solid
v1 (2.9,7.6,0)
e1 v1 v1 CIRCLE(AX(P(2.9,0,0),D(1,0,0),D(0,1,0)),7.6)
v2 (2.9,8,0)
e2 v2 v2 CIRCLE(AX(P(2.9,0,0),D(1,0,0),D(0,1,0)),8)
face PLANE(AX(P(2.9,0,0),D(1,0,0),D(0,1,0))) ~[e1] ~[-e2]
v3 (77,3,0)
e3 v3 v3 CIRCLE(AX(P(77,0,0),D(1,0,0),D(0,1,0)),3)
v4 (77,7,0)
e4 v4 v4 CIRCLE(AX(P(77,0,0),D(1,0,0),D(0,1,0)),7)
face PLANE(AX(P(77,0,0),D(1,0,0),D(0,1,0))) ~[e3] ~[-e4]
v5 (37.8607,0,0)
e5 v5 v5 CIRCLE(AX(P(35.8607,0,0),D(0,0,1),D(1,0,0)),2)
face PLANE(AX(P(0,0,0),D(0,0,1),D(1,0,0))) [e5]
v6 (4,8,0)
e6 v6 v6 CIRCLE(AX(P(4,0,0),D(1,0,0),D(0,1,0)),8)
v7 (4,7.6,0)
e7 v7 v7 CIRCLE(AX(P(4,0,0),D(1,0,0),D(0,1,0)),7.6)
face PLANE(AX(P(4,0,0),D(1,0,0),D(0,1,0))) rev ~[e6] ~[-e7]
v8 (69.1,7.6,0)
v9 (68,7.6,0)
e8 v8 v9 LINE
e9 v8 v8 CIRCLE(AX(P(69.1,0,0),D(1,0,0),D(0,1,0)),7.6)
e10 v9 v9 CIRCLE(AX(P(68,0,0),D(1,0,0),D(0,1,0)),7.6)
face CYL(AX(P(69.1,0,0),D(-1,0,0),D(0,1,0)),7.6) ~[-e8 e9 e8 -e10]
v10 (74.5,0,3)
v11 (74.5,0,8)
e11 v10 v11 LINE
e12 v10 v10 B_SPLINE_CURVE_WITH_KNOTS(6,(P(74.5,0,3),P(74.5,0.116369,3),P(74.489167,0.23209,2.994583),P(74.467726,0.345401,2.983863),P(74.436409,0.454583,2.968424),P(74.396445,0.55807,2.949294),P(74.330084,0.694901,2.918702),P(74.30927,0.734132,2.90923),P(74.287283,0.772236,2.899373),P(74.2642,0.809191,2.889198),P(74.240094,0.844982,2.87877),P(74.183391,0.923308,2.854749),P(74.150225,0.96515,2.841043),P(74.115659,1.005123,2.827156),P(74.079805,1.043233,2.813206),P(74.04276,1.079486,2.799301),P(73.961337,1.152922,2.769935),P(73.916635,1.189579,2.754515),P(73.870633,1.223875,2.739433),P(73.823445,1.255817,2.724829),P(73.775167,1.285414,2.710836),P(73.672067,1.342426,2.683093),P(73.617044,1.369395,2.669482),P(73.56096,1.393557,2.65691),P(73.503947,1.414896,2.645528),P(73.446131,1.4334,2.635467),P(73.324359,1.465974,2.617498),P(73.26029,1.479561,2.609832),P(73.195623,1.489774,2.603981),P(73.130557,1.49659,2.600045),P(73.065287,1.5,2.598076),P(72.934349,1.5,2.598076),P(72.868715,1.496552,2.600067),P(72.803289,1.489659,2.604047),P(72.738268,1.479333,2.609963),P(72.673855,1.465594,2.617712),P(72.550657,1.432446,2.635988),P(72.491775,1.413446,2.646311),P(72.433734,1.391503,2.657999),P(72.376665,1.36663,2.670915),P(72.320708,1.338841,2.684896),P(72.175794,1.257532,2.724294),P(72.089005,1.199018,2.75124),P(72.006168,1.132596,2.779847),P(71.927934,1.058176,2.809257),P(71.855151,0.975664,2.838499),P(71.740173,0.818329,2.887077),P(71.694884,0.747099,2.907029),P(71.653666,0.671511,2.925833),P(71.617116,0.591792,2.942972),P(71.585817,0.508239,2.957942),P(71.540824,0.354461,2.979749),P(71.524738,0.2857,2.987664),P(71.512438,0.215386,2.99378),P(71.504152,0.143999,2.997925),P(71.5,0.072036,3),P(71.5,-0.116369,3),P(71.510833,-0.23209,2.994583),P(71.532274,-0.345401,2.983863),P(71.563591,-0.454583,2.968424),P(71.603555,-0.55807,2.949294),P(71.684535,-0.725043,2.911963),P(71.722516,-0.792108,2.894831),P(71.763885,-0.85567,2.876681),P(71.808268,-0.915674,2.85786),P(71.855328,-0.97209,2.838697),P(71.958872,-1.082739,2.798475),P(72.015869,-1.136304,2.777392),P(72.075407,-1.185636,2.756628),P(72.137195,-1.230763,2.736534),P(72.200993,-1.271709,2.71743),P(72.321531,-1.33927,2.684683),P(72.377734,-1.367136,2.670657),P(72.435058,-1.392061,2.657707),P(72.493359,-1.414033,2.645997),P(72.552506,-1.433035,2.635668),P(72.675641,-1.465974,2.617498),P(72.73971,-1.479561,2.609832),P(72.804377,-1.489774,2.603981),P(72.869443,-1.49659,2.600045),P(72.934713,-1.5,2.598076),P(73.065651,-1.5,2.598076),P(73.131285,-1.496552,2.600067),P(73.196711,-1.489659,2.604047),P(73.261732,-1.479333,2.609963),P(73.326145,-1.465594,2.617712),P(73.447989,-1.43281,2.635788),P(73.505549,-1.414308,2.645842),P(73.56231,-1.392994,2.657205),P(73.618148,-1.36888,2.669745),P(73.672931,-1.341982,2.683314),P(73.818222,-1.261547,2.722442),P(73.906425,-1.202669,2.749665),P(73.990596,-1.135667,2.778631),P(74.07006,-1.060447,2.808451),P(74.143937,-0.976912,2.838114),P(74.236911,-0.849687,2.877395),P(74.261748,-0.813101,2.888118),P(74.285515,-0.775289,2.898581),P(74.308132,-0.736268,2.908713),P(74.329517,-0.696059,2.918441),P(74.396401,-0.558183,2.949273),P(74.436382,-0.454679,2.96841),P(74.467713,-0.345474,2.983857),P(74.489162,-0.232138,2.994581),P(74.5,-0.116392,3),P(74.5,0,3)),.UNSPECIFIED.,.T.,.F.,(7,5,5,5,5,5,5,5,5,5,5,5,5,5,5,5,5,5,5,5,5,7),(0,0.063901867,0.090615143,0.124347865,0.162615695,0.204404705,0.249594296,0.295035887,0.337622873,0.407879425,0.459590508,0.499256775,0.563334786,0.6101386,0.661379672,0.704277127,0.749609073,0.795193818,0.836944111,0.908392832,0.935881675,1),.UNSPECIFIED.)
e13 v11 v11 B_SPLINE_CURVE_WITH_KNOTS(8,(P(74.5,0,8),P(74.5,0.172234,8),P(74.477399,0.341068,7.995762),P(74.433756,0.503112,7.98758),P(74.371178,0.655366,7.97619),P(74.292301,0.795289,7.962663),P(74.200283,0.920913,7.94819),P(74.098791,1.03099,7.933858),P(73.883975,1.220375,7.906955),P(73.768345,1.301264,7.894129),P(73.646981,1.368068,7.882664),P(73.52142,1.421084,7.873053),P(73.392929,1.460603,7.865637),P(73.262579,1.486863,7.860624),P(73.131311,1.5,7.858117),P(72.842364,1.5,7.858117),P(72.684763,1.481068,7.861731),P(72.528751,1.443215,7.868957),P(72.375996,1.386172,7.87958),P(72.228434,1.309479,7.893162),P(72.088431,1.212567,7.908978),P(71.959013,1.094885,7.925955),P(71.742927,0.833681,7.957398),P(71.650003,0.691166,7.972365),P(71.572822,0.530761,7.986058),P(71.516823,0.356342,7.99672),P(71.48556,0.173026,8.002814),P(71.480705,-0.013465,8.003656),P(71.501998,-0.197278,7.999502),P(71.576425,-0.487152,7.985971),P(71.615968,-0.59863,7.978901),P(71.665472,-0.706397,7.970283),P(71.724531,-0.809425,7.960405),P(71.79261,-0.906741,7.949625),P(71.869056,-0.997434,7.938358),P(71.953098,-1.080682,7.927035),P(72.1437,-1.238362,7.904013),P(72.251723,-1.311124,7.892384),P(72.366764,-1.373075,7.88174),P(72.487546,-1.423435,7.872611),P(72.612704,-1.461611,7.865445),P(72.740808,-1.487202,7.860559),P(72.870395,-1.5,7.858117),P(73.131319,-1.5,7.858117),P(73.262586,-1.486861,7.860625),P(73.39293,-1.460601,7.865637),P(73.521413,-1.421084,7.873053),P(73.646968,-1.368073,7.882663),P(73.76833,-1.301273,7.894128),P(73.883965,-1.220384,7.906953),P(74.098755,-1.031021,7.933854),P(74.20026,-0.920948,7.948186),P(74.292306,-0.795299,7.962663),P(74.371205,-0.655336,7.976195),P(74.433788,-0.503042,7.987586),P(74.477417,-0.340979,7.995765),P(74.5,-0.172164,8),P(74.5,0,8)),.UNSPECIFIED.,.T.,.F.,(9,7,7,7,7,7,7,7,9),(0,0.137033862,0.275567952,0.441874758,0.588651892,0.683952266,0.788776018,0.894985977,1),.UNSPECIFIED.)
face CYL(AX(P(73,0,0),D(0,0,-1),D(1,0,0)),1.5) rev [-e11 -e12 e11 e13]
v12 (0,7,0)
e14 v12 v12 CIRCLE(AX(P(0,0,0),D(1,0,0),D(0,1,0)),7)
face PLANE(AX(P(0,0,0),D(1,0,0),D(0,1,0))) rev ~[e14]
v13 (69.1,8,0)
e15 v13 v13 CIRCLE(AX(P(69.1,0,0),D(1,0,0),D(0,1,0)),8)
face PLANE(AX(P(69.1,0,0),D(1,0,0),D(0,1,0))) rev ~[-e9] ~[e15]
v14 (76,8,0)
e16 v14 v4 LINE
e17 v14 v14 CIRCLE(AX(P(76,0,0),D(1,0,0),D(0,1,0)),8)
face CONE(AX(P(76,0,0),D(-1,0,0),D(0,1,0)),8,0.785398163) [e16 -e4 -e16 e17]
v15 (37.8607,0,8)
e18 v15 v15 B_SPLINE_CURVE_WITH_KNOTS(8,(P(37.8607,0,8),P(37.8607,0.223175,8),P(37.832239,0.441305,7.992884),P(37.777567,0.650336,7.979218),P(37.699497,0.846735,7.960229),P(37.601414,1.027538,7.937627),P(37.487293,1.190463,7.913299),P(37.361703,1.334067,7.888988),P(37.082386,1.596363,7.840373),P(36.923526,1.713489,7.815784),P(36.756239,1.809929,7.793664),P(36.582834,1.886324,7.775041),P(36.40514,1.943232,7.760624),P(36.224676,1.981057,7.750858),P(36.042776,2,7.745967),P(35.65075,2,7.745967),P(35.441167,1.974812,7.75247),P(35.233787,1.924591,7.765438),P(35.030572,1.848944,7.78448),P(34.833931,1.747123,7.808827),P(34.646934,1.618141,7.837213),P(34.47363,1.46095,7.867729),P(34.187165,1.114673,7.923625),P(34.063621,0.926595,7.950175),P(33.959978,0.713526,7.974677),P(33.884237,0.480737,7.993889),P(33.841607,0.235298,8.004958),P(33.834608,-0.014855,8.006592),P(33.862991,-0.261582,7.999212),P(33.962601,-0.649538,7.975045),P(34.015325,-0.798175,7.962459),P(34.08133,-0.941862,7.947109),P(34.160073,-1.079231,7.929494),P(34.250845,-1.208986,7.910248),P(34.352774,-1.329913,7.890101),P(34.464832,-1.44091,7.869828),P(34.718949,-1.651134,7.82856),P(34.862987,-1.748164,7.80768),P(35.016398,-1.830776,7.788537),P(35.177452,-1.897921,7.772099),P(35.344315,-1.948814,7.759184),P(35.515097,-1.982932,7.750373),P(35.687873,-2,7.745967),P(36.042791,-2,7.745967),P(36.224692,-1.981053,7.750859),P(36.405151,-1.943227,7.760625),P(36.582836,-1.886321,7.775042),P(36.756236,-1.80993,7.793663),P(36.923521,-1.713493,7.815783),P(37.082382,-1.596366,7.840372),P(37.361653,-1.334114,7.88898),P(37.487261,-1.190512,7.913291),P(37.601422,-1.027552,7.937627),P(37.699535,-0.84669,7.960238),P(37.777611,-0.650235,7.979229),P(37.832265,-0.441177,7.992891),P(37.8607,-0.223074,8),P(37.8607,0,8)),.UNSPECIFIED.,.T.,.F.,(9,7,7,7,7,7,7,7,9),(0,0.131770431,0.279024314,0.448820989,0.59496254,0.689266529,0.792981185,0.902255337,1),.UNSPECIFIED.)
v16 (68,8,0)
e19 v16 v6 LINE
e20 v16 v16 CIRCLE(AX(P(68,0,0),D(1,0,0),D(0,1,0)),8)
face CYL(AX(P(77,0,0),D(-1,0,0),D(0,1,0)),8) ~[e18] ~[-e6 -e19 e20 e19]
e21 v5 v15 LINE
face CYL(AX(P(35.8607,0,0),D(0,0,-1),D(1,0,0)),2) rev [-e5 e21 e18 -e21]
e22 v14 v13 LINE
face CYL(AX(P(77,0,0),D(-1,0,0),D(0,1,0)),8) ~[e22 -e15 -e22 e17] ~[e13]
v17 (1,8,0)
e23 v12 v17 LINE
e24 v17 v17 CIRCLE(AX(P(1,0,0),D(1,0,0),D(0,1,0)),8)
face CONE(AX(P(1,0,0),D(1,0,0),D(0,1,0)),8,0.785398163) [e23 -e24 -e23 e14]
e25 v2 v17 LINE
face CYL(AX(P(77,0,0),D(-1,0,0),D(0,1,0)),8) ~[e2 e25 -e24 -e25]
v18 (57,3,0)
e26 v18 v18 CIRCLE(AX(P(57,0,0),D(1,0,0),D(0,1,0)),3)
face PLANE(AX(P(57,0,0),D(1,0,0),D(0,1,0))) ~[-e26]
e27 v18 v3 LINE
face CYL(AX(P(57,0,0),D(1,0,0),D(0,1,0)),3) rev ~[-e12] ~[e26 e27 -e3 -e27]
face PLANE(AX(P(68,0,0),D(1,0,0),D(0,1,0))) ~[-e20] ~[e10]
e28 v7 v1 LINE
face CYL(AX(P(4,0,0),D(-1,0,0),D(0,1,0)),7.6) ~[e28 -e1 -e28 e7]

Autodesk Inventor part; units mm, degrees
ref_plane "YZ Plane" through (0, 0, 0) normal (1, 0, 0) x (0, 1, 0)
ref_plane "XZ Plane" through (0, 0, 0) normal (0, 1, 0) x (-1, 0, 0)
ref_plane "XY Plane" through (0, 0, 0) normal (0, 0, 1) x (1, 0, 0)
sketch "Sketch1" plane through (0, 0, 0) normal (0, 0, 1) x (1, 0, 0)
  line L0 (0, 0) -> (77, 0)
  line L1 (77, 0) -> (77, 8)
  line L2 (77, 8) -> (0, 8)
  line L3 (0, 8) -> (0, 0)
  line L4 (68, 8) -> (69.1, 8)
  line L5 (69.1, 8) -> (69.1, 7.6)
  line L6 (69.1, 7.6) -> (68, 7.6)
  line L7 (68, 7.6) -> (68, 8)
  line L8 (38.5, 8) -> (38.5, 0)
  line L9 (77, 0) -> (57, 0)
  line L10 (57, 0) -> (57, 3)
  line L11 (57, 3) -> (77, 3)
  line L12 (77, 3) -> (77, 0)
  line L13 (2.9, 8) -> (4, 8)
  line L14 (4, 8) -> (4, 7.6)
  line L15 (4, 7.6) -> (2.9, 7.6)
  line L16 (2.9, 7.6) -> (2.9, 8)
  point P0 (68.55, 7.6)
  point P1 (69.1, 7.8)
  point P2 (57, 0)
  point P3 (77, 3)
  point P4 (69.1, 8)
  point P5 (4, 8)
  dimension "d0" = 77
  dimension "d1" = 8
  dimension "d2" = 1.1
  dimension "d3" = 7.6
  dimension "d4" = 7.9
  dimension "d5" = 20
  dimension "d6" = 3
  dimension "d8" = 1.1
  dimension "d9" = 7.6
  dimension "d10" = 2.9
revolve "Revolution1" add sketch "Sketch1" angle 360 about axis through (0, 0, 0) along (1, 0, 0) contours L3 L2 L16 L15 L14 L8 L0 | L8 L2 L7 L6 L5 L1 L11 L10 L0
sketch "Sketch2" plane through (0, 0, 0) normal (0, 0, 1) x (1, 0, 0)
  line L0 (77, -3) -> (77, 3) projected
  line L1 (57, -3) -> (57, 3) projected
  circle A0 centre (73, 0) radius 1.5
  circle A1 centre (35.8607, 0) radius 2
  point P0 (0, 0)
  dimension "d11" = 3
  dimension "d12" = 4
  dimension "d18" = 4
extrude "Extrusion1" cut sketch "Sketch2" along normal blind 10
chamfer "Chamfer1" distance 1 angle 45 2 edges at (0, -8, 0) (77, -8, 0)
thread "Thread1" size "M4x0.7" class "6H" standard "ANSI Metric M Profile" full length
thread "Thread2" size "M3x0.5" class "6H" standard "ANSI Metric M Profile" full length
properties part number "shaft potmeter" material "Stainless Steel"
